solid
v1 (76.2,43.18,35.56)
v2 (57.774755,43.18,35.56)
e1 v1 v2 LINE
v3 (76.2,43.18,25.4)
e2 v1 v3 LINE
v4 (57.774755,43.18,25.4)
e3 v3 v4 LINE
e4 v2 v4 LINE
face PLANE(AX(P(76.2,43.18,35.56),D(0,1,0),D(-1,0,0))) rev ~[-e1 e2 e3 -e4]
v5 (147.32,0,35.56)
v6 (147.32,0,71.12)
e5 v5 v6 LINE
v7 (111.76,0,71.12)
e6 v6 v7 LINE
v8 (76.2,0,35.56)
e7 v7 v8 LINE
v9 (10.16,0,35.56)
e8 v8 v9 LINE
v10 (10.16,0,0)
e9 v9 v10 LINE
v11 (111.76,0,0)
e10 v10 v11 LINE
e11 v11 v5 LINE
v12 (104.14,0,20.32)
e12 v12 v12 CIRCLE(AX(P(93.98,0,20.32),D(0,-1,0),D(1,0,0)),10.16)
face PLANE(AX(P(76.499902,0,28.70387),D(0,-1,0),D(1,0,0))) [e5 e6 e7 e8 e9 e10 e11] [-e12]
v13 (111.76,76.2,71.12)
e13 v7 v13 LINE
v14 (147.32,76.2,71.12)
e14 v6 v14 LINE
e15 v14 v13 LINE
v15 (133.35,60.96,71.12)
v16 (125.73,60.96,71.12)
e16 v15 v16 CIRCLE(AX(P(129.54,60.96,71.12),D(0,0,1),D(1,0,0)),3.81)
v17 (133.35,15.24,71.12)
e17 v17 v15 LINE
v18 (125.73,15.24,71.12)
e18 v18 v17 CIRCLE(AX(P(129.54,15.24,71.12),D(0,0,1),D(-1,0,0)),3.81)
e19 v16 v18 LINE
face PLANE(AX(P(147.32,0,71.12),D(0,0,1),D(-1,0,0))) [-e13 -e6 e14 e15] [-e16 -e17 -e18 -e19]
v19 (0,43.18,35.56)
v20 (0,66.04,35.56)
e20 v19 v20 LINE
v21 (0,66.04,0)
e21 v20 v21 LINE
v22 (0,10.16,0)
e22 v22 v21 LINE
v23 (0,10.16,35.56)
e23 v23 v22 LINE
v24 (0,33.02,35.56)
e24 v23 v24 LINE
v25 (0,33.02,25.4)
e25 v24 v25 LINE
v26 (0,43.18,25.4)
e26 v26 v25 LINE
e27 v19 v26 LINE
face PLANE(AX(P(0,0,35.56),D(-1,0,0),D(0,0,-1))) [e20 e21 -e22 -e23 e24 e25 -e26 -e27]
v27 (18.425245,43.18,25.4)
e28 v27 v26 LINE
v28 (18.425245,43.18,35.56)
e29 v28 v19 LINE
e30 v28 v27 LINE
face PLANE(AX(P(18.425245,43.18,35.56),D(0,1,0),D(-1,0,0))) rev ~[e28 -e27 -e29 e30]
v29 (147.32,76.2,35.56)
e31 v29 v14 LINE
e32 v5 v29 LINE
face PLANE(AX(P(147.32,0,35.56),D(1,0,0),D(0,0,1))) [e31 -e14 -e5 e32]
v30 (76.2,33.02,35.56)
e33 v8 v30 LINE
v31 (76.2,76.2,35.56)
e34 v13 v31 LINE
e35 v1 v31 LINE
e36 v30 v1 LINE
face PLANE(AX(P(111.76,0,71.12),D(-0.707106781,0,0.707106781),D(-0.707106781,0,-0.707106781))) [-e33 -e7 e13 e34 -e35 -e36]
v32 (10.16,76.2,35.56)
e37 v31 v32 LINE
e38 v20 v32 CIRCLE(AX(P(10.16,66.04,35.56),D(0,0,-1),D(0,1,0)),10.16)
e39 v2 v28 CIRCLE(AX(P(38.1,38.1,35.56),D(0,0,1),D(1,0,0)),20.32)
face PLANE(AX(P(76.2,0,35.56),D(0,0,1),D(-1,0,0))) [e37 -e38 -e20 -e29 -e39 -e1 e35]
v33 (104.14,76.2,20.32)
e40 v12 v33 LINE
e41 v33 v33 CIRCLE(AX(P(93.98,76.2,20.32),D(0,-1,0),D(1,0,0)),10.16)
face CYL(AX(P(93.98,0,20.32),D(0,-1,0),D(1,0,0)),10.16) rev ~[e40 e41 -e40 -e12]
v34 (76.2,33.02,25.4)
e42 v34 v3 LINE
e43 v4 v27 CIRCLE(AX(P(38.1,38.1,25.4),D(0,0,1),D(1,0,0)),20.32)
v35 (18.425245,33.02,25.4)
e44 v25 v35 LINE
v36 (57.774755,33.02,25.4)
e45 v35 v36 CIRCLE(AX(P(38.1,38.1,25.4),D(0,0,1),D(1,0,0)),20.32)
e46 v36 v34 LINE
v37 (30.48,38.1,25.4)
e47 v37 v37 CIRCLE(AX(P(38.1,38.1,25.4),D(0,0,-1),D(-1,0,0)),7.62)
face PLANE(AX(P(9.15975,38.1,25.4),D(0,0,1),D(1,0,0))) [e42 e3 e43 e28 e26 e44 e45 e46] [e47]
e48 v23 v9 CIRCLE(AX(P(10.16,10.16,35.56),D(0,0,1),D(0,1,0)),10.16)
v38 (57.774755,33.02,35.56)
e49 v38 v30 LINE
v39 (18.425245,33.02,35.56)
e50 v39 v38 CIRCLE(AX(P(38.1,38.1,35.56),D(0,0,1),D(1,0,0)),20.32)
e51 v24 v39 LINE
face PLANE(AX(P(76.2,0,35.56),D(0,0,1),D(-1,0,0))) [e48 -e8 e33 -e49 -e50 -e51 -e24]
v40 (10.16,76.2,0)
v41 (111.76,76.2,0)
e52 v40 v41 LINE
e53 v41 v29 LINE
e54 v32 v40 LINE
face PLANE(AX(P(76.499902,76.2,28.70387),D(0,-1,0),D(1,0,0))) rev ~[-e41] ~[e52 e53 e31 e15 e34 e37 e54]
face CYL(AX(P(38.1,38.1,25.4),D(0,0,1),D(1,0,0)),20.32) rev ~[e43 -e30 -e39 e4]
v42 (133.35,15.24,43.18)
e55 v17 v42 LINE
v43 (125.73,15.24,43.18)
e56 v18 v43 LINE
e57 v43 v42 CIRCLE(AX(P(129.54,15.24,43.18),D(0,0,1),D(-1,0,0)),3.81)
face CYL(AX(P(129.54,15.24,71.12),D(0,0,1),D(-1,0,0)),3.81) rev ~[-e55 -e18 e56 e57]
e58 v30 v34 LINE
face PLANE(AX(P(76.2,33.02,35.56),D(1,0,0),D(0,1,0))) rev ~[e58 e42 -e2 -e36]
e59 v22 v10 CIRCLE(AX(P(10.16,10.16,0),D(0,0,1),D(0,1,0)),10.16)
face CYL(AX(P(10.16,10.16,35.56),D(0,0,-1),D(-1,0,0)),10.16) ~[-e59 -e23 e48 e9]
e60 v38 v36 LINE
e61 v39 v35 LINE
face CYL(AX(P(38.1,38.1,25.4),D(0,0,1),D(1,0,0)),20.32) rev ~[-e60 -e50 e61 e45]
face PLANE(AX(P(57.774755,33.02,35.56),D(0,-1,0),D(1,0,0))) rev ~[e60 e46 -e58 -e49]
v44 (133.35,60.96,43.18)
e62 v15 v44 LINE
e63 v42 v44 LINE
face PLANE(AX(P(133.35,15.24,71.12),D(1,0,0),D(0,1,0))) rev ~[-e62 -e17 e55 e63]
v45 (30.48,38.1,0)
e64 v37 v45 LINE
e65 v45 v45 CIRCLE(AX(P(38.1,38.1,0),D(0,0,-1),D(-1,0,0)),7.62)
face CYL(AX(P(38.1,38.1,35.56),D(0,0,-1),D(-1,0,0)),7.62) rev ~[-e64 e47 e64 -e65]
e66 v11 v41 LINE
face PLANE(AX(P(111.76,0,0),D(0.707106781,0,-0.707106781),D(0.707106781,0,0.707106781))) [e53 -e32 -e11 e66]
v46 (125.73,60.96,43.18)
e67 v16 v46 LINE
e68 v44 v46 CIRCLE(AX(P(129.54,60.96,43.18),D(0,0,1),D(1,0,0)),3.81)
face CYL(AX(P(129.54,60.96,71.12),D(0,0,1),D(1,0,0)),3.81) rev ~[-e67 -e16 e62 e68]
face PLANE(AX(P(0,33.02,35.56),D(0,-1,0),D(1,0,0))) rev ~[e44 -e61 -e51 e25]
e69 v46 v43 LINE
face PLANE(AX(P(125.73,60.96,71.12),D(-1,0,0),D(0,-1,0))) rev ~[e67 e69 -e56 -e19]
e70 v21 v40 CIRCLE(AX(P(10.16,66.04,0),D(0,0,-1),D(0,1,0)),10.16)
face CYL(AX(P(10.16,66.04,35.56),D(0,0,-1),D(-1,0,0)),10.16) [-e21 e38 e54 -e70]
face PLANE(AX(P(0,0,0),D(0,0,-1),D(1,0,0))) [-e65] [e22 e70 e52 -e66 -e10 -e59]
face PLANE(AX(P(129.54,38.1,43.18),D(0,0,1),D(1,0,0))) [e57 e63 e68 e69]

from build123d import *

# Parameters (mm, degrees)
F1_DEPTH       = 76.2
F3_DEPTH       = 27.94
F4_R           = 10.16
F5_DEPTH       = 76.201
F7_D           = 15.24
F7_CBORE_D     = 40.64
F7_CBORE_DEPTH = 10.16
F8_DEPTH       = 10.16
F9_R           = 10.16


with BuildPart() as f1:
    # F0 (on Front) → F1 (new body)
    with BuildSketch(Plane.XZ):
        Polygon((0, 35.56), (0, 0), (111.76, 0), (147.32, 35.56), (147.32, 71.12), (111.76, 71.12), (76.2, 35.56), align=None)
    extrude(amount=-F1_DEPTH)

    # F2 (on face) → F3 (cut)
    with BuildSketch(Plane.XY.offset(71.12)):
        with BuildLine():
            ThreePointArc((125.73, 15.24), (129.54, 11.43), (133.35, 15.24))
            Line((133.35, 15.24), (133.35, 60.96))
            ThreePointArc((133.35, 60.96), (129.54, 64.77), (125.73, 60.96))
            Line((125.73, 60.96), (125.73, 15.24))
        make_face()
    extrude(amount=-F3_DEPTH, mode=Mode.SUBTRACT)

    # F4 (on face) → F5 (cut, through all)
    with BuildSketch(Plane.XZ):
        with Locations((93.98, 20.32)):
            Circle(F4_R)
    extrude(amount=-F5_DEPTH, mode=Mode.SUBTRACT)

    # F7 (through all)
    with Locations(Plane.XY.offset(35.56)):
        with Locations((38.1, 38.1)):
            CounterBoreHole(F7_D / 2, F7_CBORE_D / 2, F7_CBORE_DEPTH)

    # F6 (on face) → F8 (cut)
    with BuildSketch(Plane.XY.offset(35.56)):
        with BuildLine():
            Line((18.425245, 43.18), (0, 43.18))
            Line((0, 43.18), (0, 33.02))
            Line((0, 33.02), (18.425245, 33.02))
            ThreePointArc((18.425245, 33.02), (17.78, 38.1), (18.425245, 43.18))
        make_face()
        with BuildLine():
            Line((76.2, 43.18), (57.774755, 43.18))
            ThreePointArc((57.774755, 43.18), (58.258043, 40.660407), (58.42, 38.1))
            ThreePointArc((58.42, 38.1), (58.258043, 35.539593), (57.774755, 33.02))
            Line((57.774755, 33.02), (76.2, 33.02))
            Line((76.2, 33.02), (76.2, 43.18))
        make_face()
    extrude(amount=-F8_DEPTH, mode=Mode.SUBTRACT)

    # F9
    f9_edges = [f1.edges().sort_by_distance(p)[0] for p in [
        (0, 76.2, 17.78),
        (0, 0, 17.78),
    ]]
    fillet(f9_edges, radius=F9_R)


solid = f1.part
